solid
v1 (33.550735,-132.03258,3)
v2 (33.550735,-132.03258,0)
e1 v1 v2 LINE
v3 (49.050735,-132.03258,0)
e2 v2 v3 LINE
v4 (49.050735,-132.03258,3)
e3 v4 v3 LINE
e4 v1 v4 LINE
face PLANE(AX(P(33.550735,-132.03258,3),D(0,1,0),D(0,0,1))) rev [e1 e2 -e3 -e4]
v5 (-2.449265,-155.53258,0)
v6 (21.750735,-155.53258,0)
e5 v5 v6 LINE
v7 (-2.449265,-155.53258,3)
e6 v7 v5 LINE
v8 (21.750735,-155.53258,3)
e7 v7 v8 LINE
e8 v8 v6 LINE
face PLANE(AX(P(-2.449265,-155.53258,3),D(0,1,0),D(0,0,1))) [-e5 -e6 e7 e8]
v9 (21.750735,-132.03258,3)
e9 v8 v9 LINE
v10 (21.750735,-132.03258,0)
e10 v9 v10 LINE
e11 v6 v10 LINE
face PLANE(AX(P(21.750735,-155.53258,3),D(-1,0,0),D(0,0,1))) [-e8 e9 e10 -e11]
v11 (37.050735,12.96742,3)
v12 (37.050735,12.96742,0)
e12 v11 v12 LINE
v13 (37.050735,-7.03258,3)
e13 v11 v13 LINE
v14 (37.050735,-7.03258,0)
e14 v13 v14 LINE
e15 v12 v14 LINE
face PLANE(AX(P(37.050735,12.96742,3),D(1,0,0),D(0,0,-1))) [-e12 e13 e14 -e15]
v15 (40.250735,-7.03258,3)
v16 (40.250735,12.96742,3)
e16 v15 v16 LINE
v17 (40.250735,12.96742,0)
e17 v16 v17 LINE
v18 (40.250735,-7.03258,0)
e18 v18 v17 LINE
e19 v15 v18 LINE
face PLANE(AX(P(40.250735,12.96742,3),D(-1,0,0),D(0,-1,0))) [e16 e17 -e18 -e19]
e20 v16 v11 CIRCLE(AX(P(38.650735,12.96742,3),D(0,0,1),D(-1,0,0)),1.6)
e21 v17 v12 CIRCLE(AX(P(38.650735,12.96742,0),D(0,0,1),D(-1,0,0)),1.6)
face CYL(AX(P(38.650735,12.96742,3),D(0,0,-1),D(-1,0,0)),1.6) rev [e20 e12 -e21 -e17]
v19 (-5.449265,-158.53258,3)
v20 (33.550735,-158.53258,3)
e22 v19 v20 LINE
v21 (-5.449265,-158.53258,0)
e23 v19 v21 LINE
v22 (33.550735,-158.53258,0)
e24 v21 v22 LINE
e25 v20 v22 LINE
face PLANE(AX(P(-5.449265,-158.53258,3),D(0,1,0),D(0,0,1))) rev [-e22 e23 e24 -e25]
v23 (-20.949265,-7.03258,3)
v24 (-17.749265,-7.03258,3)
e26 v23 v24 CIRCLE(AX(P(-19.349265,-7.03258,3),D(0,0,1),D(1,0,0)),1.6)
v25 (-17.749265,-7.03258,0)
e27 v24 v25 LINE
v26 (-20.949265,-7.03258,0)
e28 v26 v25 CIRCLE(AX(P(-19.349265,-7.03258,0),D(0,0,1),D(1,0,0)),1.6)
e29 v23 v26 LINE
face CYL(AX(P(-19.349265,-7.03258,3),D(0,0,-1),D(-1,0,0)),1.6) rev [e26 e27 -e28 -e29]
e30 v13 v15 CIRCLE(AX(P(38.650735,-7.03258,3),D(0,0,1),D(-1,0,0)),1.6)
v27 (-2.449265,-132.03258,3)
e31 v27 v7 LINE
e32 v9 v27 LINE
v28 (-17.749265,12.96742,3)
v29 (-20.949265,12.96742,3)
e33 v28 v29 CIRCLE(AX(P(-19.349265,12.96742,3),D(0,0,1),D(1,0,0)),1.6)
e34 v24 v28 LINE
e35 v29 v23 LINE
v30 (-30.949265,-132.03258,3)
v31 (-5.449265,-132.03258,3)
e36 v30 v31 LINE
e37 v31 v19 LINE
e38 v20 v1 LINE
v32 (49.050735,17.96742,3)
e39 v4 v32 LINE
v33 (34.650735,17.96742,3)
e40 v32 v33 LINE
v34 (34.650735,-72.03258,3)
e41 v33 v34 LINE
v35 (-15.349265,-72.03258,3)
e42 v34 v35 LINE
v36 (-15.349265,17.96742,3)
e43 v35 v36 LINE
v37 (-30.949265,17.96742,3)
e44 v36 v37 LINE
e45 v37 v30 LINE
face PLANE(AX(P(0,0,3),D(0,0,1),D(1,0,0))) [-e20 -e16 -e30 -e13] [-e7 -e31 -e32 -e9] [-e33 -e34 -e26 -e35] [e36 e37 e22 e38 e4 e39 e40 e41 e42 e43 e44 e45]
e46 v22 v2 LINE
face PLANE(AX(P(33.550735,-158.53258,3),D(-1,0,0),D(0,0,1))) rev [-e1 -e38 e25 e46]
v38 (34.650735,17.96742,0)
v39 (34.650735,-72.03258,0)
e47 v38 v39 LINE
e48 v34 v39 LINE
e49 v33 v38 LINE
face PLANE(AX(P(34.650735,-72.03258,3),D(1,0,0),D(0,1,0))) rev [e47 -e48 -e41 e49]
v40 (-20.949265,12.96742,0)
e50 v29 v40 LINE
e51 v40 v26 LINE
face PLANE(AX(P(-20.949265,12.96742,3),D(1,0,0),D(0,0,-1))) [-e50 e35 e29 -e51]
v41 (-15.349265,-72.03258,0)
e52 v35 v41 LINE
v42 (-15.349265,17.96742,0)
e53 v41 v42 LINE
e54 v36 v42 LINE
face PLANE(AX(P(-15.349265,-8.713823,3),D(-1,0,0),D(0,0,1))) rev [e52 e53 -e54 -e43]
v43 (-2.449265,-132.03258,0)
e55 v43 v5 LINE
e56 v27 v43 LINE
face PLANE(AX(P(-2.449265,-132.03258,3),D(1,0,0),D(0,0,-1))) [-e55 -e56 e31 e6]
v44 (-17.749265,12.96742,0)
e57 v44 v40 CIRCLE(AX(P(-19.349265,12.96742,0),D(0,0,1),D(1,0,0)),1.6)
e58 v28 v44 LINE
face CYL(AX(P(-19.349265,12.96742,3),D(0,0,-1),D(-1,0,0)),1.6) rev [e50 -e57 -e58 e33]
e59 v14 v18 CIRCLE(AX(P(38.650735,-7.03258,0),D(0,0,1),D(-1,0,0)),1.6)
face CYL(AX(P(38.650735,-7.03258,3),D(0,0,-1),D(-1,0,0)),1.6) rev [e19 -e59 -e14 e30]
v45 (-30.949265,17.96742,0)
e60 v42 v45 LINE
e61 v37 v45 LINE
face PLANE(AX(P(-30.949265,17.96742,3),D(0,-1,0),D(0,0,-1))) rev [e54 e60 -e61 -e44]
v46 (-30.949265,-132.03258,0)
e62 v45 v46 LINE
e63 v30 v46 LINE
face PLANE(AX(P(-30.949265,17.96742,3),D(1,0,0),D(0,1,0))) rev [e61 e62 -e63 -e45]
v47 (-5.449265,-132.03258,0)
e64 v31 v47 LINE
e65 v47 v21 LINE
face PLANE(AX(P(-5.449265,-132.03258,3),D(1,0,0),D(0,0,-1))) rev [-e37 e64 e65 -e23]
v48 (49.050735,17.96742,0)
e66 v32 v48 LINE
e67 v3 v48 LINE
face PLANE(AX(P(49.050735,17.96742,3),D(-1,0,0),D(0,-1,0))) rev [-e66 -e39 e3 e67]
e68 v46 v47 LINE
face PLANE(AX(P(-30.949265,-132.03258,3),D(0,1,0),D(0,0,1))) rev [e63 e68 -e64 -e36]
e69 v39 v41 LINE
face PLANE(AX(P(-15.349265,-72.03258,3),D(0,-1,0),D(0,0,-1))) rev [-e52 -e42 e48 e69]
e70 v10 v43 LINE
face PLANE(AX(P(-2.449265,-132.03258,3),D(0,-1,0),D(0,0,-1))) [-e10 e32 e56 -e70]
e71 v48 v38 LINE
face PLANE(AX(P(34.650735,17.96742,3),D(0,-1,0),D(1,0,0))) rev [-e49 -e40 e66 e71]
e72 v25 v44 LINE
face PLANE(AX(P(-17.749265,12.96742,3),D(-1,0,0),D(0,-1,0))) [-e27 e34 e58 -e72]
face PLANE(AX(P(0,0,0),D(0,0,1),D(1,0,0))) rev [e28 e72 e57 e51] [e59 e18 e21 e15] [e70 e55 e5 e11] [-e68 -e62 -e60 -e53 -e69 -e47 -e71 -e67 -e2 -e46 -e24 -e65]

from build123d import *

# Parameters (mm, degrees)
SKETCH_1_W      = 24.2
SKETCH_1_H      = 23.5
EXTRUDE_1_DEPTH = 3


with BuildPart() as part:
    # 草图1 → 凸台-拉伸1 (new body)
    with BuildSketch(Plane.XY):
        Polygon((-30.949264706, 17.967420182), (-15.349264706, 17.967420182), (-15.349264706, -8.713823312), (-15.349264706, -72.032579818), (34.650735294, -72.032579818), (34.650735294, -8.713823312), (34.650735294, 17.967420182), (49.050735294, 17.967420182), (49.050735294, -132.032579818), (33.550735294, -132.032579818), (33.550735294, -158.532579818), (-5.449264706, -158.532579818), (-5.449264706, -132.032579818), (-30.949264706, -132.032579818), align=None)
        with BuildLine():
            Line((-17.749264706, 12.967420182), (-17.749264706, -7.032579818))
            ThreePointArc((-17.749264706, -7.032579818), (-19.349264706, -8.632579818), (-20.949264706, -7.032579818))
            Line((-20.949264706, -7.032579818), (-20.949264706, 12.967420182))
            ThreePointArc((-20.949264706, 12.967420182), (-19.349264706, 14.567420182), (-17.749264706, 12.967420182))
        make_face(mode=Mode.SUBTRACT)
        with BuildLine():
            Line((37.050735294, 12.967420182), (37.050735294, -7.032579818))
            ThreePointArc((37.050735294, -7.032579818), (38.650735294, -8.632579818), (40.250735294, -7.032579818))
            Line((40.250735294, -7.032579818), (40.250735294, 12.967420182))
            ThreePointArc((40.250735294, 12.967420182), (38.650735294, 14.567420182), (37.050735294, 12.967420182))
        make_face(mode=Mode.SUBTRACT)
        with Locations((9.650735294, -143.782579818)):
            Rectangle(SKETCH_1_W, SKETCH_1_H, mode=Mode.SUBTRACT)
    extrude(amount=EXTRUDE_1_DEPTH)


solid = part.part
